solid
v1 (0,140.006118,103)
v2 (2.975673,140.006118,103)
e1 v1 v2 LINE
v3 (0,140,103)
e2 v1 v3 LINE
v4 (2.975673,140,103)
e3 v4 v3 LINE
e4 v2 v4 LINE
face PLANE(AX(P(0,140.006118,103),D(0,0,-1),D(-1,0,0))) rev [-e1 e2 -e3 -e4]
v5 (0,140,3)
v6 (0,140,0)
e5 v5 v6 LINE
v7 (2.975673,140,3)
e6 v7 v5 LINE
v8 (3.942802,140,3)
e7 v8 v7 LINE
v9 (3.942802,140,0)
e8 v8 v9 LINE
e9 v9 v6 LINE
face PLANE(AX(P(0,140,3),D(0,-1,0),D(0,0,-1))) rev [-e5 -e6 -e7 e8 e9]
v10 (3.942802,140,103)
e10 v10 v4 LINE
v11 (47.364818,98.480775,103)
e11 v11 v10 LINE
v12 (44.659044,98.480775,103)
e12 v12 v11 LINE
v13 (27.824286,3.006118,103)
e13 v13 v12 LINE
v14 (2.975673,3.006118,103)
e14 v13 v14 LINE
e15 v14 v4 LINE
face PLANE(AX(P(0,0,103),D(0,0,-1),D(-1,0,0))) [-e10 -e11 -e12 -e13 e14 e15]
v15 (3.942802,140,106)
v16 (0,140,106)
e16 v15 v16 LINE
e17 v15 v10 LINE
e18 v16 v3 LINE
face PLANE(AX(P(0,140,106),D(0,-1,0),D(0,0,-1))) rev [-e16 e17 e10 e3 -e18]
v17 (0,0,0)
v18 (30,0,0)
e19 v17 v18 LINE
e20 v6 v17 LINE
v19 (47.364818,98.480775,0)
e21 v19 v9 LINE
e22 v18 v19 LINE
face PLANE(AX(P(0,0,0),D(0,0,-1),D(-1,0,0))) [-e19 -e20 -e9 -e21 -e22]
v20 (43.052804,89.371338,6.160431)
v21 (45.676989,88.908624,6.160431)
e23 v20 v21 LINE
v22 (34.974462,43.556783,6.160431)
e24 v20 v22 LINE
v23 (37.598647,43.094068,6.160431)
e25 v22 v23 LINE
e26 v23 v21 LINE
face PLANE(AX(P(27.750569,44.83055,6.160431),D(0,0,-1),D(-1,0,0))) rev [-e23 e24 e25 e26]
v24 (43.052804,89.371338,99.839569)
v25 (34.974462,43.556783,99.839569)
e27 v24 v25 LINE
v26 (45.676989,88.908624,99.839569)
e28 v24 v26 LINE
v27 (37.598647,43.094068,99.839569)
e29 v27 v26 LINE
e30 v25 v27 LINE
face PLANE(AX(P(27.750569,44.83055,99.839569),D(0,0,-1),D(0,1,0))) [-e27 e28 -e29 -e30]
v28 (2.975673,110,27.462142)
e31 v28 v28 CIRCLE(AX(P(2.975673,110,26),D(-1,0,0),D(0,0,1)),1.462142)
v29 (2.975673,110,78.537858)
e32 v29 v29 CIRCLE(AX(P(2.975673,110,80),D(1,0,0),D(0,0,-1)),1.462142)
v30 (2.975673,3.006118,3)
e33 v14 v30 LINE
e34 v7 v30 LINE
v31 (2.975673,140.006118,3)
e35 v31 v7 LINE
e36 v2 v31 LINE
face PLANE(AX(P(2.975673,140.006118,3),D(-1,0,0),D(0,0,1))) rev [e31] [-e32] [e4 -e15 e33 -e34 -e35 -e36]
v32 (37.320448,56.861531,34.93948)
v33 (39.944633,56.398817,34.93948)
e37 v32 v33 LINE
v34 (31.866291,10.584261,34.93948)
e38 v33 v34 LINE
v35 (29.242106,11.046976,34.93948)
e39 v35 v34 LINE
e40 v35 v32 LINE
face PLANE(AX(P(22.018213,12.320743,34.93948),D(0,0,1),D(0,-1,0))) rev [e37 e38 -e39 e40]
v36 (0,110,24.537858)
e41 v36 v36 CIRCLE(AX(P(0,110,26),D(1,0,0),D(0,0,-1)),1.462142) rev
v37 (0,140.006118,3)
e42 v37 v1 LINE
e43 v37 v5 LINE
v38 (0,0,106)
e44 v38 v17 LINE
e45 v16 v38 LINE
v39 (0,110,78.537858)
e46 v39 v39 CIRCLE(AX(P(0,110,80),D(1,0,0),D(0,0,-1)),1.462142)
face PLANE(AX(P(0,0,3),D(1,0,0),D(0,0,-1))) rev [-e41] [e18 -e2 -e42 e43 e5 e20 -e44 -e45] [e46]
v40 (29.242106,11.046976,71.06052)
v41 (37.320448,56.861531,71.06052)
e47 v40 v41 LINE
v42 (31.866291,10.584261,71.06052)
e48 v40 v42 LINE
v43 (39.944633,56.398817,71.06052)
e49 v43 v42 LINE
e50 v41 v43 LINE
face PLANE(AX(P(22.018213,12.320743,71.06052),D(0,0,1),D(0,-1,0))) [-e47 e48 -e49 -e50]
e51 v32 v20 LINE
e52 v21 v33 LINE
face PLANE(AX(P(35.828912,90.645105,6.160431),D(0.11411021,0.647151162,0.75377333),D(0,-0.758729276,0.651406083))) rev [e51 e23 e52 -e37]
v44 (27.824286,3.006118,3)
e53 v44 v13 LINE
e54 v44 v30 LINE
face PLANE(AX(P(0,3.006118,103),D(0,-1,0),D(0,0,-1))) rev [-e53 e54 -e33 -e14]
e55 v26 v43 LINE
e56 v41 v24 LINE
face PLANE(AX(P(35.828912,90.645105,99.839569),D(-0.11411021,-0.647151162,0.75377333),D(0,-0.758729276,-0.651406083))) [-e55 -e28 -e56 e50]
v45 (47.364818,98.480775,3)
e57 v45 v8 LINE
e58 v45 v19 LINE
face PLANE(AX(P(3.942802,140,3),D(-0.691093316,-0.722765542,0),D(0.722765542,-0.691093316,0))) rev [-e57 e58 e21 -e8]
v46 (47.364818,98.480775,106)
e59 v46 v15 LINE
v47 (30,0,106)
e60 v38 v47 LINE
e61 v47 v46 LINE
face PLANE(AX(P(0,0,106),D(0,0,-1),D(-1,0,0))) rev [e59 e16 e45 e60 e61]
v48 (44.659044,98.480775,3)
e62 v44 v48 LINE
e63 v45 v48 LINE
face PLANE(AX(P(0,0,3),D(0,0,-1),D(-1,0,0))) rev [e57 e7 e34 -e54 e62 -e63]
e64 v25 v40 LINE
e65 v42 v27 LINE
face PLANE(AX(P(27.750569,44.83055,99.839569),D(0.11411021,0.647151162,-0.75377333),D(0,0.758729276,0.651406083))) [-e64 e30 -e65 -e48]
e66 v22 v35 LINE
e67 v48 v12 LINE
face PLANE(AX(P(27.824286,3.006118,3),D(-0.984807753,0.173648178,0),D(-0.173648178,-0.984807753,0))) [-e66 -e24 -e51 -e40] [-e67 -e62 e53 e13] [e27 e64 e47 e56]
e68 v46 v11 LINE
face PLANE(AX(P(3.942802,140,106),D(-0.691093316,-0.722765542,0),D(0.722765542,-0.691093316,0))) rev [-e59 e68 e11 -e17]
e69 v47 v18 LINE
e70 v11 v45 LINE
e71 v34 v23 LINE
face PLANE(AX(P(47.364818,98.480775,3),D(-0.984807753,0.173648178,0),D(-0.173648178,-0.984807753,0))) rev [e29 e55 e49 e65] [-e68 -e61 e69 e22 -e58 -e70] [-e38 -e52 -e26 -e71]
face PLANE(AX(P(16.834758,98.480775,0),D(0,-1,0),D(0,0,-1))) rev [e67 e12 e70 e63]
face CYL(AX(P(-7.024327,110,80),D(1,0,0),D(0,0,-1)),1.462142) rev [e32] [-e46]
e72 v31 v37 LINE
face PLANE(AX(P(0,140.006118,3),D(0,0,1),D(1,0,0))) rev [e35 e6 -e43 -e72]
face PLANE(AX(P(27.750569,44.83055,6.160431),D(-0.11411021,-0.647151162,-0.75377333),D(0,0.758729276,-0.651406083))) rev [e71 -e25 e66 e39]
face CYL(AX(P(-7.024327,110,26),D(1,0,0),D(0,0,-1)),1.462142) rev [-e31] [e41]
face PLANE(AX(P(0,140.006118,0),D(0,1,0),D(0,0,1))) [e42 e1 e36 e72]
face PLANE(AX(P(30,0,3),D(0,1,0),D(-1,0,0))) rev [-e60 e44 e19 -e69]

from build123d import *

# Parameters (mm, degrees)
BOSS_EXTRU_1_DEPTH         = 3
BOSS_EXTRU_2_DEPTH         = 100
R_P_TITION_LIN_AIRE1_COUNT = 2
R_P_TITION_LIN_AIRE1_PITCH = 103
ESQUISSE5_W                = 2.97567345
ESQUISSE5_H                = 100
BOSS_EXTRU_3_DEPTH         = 137
ESQUISSE6_W                = 2.705773981
ESQUISSE6_H                = 100
ESQUISSE9_R                = 1.462141601
ENL_V_MAT_EXTRU_8_DEPTH    = 10
ENL_V_MAT_EXTRU_10_DEPTH   = 10


with BuildPart() as part:
    # Esquisse2 → Boss.-Extru.1 (new body)
    with BuildSketch(Plane.XY):
        Polygon((0, 0), (0, 140), (3.942801894, 140), (47.364817767, 98.480775301), (30, 0), align=None)
    boss_extru_1 = extrude(amount=BOSS_EXTRU_1_DEPTH)

    # Esquisse4 → Boss.-Extru.2 (add)
    with BuildSketch(Plane.XY.offset(3)):
        Polygon((0, 0), (0, 3.006117571), (30.530059635, 3.006117571), (30, 0), align=None)
    extrude(amount=BOSS_EXTRU_2_DEPTH)

    # Répétition linéaire1: Boss.-Extru.1 ×2
    with Locations(*[(0, 0, i * R_P_TITION_LIN_AIRE1_PITCH) for i in range(1, R_P_TITION_LIN_AIRE1_COUNT)]):
        add(boss_extru_1)

    # Esquisse5 → Boss.-Extru.3 (add)
    with BuildSketch(Plane(origin=(0, 3.006117571, 0), x_dir=(1, 0, 0), z_dir=(0, 1, 0))):
        with Locations((1.487836725, -53)):
            Rectangle(ESQUISSE5_W, ESQUISSE5_H)
    extrude(amount=BOSS_EXTRU_3_DEPTH)

    # Balayage1: sweep along a curve in space
    with BuildLine() as balayage1_path:
        Line((30.530059635, 3.006117571, 103), (47.364817767, 98.480775301, 103))
    # Esquisse6 → Balayage1 (sweep)
    with BuildSketch(Plane(origin=(0, 3.006117571, 0), x_dir=(1, 0, 0), z_dir=(0, 1, 0))):
        with Locations((29.177172645, -53)):
            Rectangle(ESQUISSE6_W, ESQUISSE6_H)
    sweep(path=balayage1_path.line)

    # Esquisse9 → Enlèv. mat.-Extru.8 (cut)
    with BuildSketch(Plane(origin=(2.97567345, 0, 0), x_dir=(0, 0, -1), z_dir=(1, 0, 0))):
        with Locations((-80, 110)):
            Circle(ESQUISSE9_R)
    enl_v_mat_extru_8 = extrude(amount=-ENL_V_MAT_EXTRU_8_DEPTH, mode=Mode.SUBTRACT)

    # Symétrie3: Enlèv. mat.-Extru.8 across plane
    add(enl_v_mat_extru_8.mirror(Plane.XY.offset(53)), mode=Mode.SUBTRACT)

    # Esquisse11 → Enlèv. mat.-Extru.10 (cut)
    with BuildSketch(Plane(origin=(29.095389312, -5.13030215, 0), x_dir=(0, 0, -1), z_dir=(0.9848077530122089, -0.17364817766692642, 0))):
        Polygon((-6.160430803, 48.968309083), (-6.160430803, 95.489627834), (-34.939480046, 62.478304571), (-34.939480046, 15.95698582), align=None)
    enl_v_mat_extru_10 = extrude(amount=-ENL_V_MAT_EXTRU_10_DEPTH, mode=Mode.SUBTRACT)

    # Symétrie4: Enlèv. mat.-Extru.10 across plane
    add(enl_v_mat_extru_10.mirror(Plane.XY.offset(53)), mode=Mode.SUBTRACT)


solid = part.part
